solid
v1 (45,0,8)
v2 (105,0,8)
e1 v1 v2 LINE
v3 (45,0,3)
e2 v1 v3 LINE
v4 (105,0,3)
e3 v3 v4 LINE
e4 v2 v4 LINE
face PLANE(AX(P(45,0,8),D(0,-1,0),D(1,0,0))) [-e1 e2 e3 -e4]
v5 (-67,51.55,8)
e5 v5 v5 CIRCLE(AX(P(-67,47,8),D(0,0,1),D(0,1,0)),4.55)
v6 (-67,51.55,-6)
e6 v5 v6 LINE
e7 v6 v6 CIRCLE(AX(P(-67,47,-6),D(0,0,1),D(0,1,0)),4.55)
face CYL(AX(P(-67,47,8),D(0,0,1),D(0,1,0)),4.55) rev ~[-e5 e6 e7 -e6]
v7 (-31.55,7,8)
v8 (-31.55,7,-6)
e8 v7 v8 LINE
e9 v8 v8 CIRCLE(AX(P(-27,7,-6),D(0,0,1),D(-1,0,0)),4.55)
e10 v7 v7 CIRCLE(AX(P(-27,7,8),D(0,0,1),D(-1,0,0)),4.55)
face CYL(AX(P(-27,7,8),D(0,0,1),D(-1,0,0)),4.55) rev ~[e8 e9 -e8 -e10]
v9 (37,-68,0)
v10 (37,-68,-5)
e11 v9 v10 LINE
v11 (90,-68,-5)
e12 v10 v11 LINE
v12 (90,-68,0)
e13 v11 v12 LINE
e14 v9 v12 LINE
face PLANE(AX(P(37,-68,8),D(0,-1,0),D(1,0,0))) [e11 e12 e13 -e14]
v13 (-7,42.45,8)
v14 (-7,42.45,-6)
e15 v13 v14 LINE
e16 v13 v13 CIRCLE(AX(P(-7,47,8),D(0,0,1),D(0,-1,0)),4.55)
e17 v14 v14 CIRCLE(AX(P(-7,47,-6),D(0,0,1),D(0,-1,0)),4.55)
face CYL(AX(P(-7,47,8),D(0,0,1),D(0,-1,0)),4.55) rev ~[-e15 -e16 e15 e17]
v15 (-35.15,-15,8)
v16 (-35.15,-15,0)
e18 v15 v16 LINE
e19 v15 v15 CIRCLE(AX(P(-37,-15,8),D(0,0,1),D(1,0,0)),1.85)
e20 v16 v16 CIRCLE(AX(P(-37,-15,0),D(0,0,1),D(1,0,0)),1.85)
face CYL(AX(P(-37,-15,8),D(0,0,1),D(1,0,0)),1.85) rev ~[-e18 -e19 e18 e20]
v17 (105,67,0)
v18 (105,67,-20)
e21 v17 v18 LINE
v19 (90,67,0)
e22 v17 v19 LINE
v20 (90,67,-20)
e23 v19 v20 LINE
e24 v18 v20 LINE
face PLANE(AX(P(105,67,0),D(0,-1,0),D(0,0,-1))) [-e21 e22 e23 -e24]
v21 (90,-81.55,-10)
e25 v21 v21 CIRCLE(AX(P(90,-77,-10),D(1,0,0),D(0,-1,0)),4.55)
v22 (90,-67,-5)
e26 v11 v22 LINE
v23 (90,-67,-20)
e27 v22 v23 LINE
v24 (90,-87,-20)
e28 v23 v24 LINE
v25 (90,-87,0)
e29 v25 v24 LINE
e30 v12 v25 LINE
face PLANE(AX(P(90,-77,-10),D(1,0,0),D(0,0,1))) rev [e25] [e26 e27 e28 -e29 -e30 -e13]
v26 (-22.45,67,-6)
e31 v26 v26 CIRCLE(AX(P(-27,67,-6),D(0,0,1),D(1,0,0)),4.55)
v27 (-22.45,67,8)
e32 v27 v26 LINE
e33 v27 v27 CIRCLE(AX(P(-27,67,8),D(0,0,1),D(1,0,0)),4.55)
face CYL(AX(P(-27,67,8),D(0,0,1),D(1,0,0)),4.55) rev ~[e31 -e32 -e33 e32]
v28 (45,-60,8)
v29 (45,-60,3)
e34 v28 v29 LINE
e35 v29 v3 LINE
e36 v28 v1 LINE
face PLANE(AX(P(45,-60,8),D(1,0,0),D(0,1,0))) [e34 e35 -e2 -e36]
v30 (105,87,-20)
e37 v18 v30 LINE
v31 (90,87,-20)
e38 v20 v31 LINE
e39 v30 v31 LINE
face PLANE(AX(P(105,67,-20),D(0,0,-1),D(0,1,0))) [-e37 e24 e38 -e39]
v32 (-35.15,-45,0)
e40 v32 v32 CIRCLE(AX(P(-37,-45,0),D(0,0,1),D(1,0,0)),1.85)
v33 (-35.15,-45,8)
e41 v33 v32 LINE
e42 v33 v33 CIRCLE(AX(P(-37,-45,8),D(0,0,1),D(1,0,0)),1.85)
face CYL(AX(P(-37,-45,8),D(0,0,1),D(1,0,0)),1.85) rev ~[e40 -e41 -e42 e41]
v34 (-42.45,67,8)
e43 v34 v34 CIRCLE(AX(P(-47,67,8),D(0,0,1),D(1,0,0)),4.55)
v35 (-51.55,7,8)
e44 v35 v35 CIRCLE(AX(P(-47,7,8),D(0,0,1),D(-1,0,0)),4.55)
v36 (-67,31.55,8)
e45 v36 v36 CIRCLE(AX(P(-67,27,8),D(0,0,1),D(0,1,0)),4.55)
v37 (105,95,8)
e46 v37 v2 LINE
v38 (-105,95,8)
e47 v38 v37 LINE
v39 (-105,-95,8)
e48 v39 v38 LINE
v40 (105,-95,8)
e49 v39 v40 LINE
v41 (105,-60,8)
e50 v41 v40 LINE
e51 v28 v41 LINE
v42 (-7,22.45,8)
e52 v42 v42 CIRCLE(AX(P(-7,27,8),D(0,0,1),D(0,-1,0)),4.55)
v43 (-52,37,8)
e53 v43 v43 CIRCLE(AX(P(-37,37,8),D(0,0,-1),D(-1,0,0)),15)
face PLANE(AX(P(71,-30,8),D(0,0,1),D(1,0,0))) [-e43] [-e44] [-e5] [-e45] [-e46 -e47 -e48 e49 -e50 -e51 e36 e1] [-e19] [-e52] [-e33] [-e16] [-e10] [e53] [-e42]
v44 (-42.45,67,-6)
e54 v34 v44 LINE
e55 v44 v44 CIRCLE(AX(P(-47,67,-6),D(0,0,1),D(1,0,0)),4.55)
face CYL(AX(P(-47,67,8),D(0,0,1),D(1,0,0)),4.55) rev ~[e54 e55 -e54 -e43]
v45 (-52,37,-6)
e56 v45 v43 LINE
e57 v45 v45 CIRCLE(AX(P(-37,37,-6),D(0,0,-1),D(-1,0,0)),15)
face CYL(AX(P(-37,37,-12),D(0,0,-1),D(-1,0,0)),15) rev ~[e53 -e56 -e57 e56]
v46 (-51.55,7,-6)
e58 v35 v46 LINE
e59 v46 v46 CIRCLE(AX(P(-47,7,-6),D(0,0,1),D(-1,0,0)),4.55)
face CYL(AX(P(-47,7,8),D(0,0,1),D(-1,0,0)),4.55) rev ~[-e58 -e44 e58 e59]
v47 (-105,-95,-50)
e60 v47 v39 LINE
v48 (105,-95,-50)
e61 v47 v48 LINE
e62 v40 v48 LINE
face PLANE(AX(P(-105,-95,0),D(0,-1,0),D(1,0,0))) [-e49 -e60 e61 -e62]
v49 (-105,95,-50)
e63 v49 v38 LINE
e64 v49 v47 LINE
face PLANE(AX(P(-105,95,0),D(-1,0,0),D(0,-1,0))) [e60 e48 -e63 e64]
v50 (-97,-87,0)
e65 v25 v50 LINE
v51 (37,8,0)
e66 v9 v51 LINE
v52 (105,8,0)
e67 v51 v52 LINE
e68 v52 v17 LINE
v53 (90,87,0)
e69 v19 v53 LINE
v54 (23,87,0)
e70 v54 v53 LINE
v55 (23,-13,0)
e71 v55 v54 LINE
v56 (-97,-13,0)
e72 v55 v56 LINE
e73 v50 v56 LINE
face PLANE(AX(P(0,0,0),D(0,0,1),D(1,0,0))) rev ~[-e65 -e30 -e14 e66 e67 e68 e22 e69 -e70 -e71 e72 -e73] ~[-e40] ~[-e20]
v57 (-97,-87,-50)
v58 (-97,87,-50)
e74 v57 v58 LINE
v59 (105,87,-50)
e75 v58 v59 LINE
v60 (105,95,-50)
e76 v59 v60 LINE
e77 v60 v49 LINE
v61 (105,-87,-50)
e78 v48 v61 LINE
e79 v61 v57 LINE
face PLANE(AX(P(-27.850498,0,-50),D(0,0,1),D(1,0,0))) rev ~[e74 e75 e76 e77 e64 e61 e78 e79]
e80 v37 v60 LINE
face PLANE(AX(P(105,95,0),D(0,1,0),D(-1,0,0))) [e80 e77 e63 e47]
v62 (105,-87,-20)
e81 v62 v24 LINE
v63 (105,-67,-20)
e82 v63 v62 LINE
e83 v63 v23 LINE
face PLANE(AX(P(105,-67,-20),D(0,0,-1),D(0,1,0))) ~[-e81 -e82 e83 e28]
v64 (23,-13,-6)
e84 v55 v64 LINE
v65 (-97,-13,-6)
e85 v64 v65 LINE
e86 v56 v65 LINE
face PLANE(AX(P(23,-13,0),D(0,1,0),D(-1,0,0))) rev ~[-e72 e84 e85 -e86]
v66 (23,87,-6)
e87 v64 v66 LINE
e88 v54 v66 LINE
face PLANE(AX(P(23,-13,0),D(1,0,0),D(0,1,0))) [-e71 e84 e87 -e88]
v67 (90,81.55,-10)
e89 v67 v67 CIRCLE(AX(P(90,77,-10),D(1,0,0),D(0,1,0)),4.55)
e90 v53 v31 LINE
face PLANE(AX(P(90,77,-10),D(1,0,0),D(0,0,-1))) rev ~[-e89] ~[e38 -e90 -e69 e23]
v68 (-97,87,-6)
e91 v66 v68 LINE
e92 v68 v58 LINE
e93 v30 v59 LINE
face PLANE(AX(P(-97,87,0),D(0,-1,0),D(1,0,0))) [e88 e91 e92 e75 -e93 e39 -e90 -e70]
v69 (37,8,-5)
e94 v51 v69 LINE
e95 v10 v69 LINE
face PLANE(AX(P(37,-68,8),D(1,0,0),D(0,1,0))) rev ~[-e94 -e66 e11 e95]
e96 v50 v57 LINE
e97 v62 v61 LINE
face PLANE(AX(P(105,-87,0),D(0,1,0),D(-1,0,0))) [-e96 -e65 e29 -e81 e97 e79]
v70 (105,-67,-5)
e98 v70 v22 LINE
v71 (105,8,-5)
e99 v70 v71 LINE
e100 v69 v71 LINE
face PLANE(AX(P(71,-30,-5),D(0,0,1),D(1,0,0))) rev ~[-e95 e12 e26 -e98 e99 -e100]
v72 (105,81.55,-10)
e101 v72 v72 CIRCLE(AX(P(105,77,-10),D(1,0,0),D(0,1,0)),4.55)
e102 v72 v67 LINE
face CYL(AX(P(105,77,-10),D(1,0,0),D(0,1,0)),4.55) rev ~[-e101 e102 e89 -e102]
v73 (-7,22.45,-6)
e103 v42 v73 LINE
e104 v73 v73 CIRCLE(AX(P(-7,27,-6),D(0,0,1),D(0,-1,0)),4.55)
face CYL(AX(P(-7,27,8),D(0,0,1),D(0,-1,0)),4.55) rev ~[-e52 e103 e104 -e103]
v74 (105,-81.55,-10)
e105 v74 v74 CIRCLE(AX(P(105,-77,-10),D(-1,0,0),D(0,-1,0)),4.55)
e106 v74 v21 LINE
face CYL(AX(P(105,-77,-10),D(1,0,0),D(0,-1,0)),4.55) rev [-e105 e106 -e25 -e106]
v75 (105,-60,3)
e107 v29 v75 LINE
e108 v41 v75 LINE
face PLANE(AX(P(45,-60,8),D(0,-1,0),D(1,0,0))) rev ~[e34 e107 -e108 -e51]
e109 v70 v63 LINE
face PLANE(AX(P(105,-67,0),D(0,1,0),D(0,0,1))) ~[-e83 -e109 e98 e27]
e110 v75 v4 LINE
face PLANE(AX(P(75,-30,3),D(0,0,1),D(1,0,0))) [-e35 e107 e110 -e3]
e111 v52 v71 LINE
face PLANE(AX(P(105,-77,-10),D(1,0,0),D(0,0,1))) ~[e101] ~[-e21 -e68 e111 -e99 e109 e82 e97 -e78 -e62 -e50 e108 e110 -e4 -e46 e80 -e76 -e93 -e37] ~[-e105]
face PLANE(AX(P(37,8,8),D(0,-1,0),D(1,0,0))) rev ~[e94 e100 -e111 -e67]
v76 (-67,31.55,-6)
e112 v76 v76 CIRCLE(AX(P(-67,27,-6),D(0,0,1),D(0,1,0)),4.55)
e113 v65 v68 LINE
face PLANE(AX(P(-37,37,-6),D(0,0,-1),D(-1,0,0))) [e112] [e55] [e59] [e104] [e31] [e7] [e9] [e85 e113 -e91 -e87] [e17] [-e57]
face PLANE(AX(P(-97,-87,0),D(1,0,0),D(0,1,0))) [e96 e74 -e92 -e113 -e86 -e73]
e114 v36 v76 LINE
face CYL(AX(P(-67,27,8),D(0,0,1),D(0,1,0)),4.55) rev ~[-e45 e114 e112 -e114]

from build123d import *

# Parameters (mm, degrees)
SKETCH_1_W               = 210
SKETCH_1_H               = 190
EXTRUDE_1_DEPTH          = 8
EXTRUDE_2_DEPTH          = 50
SKETCH_3_W               = 20
SKETCH_3_H               = 20
EXTRUDE_3_DEPTH          = 15
SKETCH_8_R               = 4.55
CUT_EXTRUDE_1_DEPTH      = 25
SKETCH_9_W               = 120
SKETCH_9_H               = 100
EXTRUDE_4_DEPTH          = 12
SKETCH_10_R              = 15
CUT_EXTRUDE_2_DEPTH      = 147.608321728
SKETCH_13_R              = 4.55
CUT_EXTRUDE_3_DEPTH      = 154.016338997
PATTERN_CIRCULAR_2_COUNT = 4
SKETCH_14_W              = 120
SKETCH_14_H              = 100
CUT_EXTRUDE_4_DEPTH      = 6
SKETCH_15_R              = 1.85
CUT_EXTRUDE_5_DEPTH      = 10
SKETCH_16_W              = 68
SKETCH_16_H              = 76
EXTRUDE_5_DEPTH          = 13
SKETCH_17_W              = 60
SKETCH_17_H              = 60
CUT_EXTRUDE_6_DEPTH      = 5


with BuildPart() as part:
    # 스케치1 → 보스-돌출1 (new body)
    with BuildSketch(Plane.XY):
        Rectangle(SKETCH_1_W, SKETCH_1_H)
    extrude(amount=EXTRUDE_1_DEPTH)

    # 스케치2 → 보스-돌출2 (add)
    with BuildSketch(Plane(origin=(0, 0, 0), x_dir=(-1, 0, 0), z_dir=(0, 0, -1))):
        Polygon((-105, 95), (105, 95), (105, -95), (-105, -95), (-105, -87), (97, -87), (97, 87), (-105, 87), align=None)
    extrude(amount=EXTRUDE_2_DEPTH)

    # 스케치3 → 보스-돌출3 (add)
    with BuildSketch(Plane(origin=(105, 0, 0), x_dir=(0, 0, -1), z_dir=(1, 0, 0))):
        with Locations((10, 77)):
            Rectangle(SKETCH_3_W, SKETCH_3_H)
    extrude_3 = extrude(amount=-EXTRUDE_3_DEPTH)

    # 스케치8 → 컷-돌출1 (cut)
    with BuildSketch(Plane(origin=(105, 0, 0), x_dir=(0, 0, -1), z_dir=(1, 0, 0))):
        with Locations(Location((10, 77, 0), (0, 0, 90))):
            Circle(SKETCH_8_R)
    cut_extrude_1 = extrude(amount=-CUT_EXTRUDE_1_DEPTH, mode=Mode.SUBTRACT)

    # 대칭 복사1: 보스-돌출3, 컷-돌출1 across plane
    add(extrude_3.mirror(Plane(origin=(0, 0, 0), x_dir=(0, 0, 1), z_dir=(0, -1, 0))))
    add(cut_extrude_1.mirror(Plane(origin=(0, 0, 0), x_dir=(0, 0, 1), z_dir=(0, -1, 0))), mode=Mode.SUBTRACT)

    # 스케치9 → 보스-돌출4 (add)
    with BuildSketch(Plane(origin=(0, 0, 0), x_dir=(-1, 0, 0), z_dir=(0, 0, -1))):
        with Locations((37, 37)):
            Rectangle(SKETCH_9_W, SKETCH_9_H)
    extrude(amount=EXTRUDE_4_DEPTH)

    # 스케치10 → 컷-돌출2 (cut, through all)
    with BuildSketch(Plane(origin=(0, 0, -12), x_dir=(-1, 0, 0), z_dir=(0, 0, -1))):
        with Locations((37, 37)):
            Circle(SKETCH_10_R)
    extrude(amount=-CUT_EXTRUDE_2_DEPTH, mode=Mode.SUBTRACT)

    # 스케치13 → 컷-돌출3 (cut, through all)
    with BuildSketch(Plane.XY.offset(8)):
        with Locations((-47, 67)):
            Circle(SKETCH_13_R)
        with Locations((-27, 67)):
            Circle(SKETCH_13_R)
    cut_extrude_3 = extrude(amount=-CUT_EXTRUDE_3_DEPTH, mode=Mode.SUBTRACT)

    # 원형 패턴2: 컷-돌출3 ×4 about axis
    pattern_circular_2_axis = Axis((-37, 37, 0), (0, 0, 1))
    for i in range(1, PATTERN_CIRCULAR_2_COUNT):
        add(cut_extrude_3.rotate(pattern_circular_2_axis, i * 360 / PATTERN_CIRCULAR_2_COUNT), mode=Mode.SUBTRACT)

    # 스케치14 → 컷-돌출4 (cut)
    with BuildSketch(Plane(origin=(0, 0, -12), x_dir=(-1, 0, 0), z_dir=(0, 0, -1))):
        with Locations((37, 37)):
            Rectangle(SKETCH_14_W, SKETCH_14_H)
    extrude(amount=-CUT_EXTRUDE_4_DEPTH, mode=Mode.SUBTRACT)

    # 스케치15 → 컷-돌출5 (cut)
    with BuildSketch(Plane.XY.offset(8)):
        with Locations((-37, -45)):
            Circle(SKETCH_15_R)
        with Locations((-37, -15)):
            Circle(SKETCH_15_R)
    extrude(amount=-CUT_EXTRUDE_5_DEPTH, mode=Mode.SUBTRACT)

    # 스케치16 → 보스-돌출5 (add)
    with BuildSketch(Plane.XY.offset(8)):
        with Locations((71, -30)):
            Rectangle(SKETCH_16_W, SKETCH_16_H)
    extrude(amount=-EXTRUDE_5_DEPTH)

    # 스케치17 → 컷-돌출6 (cut)
    with BuildSketch(Plane.XY.offset(8)):
        with Locations((75, -30)):
            Rectangle(SKETCH_17_W, SKETCH_17_H)
    extrude(amount=-CUT_EXTRUDE_6_DEPTH, mode=Mode.SUBTRACT)


solid = part.part
